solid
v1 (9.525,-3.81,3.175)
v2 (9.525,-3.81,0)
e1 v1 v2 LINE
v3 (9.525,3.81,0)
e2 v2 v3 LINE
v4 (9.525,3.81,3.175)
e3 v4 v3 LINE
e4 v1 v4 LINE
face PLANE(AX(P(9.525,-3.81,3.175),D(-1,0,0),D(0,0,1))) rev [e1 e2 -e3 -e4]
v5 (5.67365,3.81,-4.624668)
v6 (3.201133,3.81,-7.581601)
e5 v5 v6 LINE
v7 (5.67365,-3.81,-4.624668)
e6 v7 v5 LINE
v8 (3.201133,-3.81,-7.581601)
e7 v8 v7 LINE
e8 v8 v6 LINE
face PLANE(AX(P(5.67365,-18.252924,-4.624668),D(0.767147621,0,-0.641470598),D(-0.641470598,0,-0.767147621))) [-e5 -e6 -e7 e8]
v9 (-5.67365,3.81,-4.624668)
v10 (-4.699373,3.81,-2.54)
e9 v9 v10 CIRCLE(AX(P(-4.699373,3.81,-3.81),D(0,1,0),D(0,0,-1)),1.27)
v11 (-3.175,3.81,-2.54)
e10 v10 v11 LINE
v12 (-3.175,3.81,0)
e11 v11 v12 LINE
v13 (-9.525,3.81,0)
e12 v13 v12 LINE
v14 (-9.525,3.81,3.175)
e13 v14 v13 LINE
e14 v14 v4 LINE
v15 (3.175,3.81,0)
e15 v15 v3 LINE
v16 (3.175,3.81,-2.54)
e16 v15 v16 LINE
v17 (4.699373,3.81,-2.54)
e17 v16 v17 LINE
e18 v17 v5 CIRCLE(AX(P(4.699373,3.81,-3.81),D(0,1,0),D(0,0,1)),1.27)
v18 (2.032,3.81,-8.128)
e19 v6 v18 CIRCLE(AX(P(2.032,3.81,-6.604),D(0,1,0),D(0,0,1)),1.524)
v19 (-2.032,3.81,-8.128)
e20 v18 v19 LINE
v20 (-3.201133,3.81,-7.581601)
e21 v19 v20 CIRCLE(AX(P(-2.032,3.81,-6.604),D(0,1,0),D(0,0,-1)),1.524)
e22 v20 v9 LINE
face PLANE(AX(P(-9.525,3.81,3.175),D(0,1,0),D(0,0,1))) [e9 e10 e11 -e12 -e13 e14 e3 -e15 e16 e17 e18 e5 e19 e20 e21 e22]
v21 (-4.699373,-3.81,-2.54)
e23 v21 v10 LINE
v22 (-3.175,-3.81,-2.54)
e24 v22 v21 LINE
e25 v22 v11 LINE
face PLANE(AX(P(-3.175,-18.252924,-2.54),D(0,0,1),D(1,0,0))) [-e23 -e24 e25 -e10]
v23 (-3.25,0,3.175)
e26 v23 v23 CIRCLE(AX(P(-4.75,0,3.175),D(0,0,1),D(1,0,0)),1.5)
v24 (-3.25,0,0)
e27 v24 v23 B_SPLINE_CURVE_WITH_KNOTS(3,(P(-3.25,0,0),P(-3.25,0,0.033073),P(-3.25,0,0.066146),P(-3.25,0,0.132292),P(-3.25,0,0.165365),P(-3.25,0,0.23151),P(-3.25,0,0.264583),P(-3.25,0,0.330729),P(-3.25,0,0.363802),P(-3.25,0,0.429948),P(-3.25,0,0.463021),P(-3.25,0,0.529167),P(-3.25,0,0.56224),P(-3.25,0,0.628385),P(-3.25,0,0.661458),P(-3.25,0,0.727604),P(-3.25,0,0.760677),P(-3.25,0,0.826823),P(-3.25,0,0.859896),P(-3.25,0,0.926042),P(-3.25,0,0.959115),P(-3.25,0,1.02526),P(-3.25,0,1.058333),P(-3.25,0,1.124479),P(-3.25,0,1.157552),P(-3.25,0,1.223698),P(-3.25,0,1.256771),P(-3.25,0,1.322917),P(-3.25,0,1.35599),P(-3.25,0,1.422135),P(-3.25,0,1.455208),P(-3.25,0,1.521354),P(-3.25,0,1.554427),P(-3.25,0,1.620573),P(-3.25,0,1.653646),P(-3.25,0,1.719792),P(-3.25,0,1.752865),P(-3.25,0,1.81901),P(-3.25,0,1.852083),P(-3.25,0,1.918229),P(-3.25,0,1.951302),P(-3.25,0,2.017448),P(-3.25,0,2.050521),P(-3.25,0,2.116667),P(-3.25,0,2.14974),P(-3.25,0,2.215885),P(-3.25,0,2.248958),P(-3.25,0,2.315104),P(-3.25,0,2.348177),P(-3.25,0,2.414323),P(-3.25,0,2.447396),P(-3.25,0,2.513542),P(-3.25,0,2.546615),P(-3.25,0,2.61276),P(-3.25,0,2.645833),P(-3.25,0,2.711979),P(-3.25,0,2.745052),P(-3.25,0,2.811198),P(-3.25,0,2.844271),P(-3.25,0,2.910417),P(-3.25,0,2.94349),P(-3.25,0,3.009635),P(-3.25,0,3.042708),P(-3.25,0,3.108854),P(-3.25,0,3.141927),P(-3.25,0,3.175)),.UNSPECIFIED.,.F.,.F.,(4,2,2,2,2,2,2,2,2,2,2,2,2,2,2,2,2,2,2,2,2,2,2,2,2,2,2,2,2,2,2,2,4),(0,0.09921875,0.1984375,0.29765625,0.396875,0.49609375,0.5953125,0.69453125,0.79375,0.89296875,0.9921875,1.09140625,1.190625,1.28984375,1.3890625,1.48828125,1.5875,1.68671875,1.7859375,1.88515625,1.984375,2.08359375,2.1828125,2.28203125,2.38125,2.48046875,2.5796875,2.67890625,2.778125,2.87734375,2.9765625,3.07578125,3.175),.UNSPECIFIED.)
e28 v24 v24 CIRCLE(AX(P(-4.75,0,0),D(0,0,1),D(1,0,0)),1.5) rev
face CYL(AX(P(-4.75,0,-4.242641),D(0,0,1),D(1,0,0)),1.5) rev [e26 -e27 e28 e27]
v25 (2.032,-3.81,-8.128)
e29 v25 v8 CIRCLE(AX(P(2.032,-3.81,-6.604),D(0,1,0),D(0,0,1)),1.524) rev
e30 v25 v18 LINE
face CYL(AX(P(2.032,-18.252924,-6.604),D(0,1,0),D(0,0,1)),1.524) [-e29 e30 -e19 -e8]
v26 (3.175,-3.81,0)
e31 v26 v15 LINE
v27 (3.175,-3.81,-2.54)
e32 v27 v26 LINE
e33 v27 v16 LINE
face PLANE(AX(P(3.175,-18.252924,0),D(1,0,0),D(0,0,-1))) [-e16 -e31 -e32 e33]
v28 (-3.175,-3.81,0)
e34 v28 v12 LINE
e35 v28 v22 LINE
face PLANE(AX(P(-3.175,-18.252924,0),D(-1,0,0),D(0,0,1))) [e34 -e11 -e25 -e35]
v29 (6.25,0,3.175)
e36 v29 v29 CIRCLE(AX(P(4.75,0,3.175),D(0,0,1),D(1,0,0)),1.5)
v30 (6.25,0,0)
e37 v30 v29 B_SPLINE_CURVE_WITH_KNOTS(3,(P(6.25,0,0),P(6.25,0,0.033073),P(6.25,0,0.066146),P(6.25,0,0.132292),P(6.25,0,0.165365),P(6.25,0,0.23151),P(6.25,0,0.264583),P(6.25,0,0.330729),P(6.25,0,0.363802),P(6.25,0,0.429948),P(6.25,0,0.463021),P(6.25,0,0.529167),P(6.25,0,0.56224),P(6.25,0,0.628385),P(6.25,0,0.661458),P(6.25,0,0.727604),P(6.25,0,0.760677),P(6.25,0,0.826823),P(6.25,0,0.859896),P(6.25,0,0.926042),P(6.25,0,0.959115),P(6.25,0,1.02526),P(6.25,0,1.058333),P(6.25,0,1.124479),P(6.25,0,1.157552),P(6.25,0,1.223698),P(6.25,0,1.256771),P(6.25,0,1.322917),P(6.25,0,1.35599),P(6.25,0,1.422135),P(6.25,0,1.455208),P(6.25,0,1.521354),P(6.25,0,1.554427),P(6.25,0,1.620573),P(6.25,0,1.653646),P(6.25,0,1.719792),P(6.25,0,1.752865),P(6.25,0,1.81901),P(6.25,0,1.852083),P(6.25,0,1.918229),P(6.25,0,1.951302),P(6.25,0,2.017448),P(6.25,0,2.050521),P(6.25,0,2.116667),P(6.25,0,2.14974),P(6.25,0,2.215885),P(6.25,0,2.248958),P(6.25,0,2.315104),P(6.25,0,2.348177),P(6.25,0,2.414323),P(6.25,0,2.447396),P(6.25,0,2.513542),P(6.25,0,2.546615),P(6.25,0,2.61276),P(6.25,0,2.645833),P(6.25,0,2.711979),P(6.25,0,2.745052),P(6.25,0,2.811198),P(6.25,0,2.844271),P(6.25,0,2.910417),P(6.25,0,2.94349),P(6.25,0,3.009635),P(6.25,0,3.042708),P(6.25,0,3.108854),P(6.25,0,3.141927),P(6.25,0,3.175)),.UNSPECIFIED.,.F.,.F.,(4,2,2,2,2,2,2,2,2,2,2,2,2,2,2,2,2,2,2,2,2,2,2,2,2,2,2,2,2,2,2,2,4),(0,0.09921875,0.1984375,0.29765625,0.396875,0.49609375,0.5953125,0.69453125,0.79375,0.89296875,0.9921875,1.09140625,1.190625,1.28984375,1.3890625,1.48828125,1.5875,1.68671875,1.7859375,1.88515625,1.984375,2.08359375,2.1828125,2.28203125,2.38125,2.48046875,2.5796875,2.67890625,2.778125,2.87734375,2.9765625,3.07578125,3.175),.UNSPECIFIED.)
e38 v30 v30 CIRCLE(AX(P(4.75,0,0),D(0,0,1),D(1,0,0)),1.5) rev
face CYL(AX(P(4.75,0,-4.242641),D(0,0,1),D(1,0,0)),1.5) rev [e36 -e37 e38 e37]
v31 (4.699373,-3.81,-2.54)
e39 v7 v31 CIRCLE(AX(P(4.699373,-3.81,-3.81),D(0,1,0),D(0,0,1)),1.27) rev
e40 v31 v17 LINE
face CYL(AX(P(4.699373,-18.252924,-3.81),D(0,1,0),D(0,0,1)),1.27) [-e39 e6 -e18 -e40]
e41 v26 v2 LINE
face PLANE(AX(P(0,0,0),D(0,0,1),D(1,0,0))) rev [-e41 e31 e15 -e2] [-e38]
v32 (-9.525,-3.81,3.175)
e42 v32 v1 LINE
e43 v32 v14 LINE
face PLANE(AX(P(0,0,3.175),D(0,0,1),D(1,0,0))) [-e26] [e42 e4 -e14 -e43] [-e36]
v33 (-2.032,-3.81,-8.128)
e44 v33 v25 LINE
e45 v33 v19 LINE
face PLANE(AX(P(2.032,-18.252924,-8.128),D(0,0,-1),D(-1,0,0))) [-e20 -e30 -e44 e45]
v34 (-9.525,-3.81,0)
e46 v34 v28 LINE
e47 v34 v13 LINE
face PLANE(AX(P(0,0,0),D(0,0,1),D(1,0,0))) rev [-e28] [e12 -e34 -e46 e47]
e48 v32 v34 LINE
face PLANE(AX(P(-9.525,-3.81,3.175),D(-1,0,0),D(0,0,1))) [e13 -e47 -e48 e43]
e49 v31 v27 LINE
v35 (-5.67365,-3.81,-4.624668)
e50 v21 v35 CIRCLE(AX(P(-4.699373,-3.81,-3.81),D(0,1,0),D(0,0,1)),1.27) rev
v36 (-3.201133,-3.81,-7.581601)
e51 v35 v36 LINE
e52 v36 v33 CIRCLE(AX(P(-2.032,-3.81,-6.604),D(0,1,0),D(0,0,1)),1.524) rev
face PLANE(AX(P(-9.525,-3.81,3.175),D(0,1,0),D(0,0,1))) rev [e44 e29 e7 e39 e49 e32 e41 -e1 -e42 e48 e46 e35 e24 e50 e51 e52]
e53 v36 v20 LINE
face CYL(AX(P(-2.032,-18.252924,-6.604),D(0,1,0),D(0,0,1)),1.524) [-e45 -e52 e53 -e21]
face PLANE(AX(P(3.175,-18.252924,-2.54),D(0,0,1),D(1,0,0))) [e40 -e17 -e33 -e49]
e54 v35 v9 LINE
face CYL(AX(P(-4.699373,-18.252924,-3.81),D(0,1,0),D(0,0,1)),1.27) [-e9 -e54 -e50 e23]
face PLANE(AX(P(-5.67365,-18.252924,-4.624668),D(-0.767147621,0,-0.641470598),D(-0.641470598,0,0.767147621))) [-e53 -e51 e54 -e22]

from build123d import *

# Parameters (mm, degrees)
SKETCH1_W           = 19.05
SKETCH1_H           = 7.62
BOSS_EXTRUDE1_DEPTH = 3.175
BOSS_EXTRUDE2_DEPTH = 7.62
SKETCH3_R           = 1.5
CUT_EXTRUDE1_DEPTH  = 3.175


with BuildPart() as part:
    # Sketch1 → Boss-Extrude1 (new body)
    with BuildSketch(Plane.XY):
        Rectangle(SKETCH1_W, SKETCH1_H)
    extrude(amount=BOSS_EXTRUDE1_DEPTH)

    # Sketch2 → Boss-Extrude2 (add)
    with BuildSketch(Plane(origin=(0, 3.81, 0), x_dir=(1, 0, 0), z_dir=(0, 1, 0))):
        with BuildLine():
            Line((3.175, 0), (3.175, 2.54))
            Line((3.175, 2.54), (4.699372999, 2.54))
            ThreePointArc((4.699372999, 2.54), (5.849922417, 3.272286288), (5.673650477, 4.624667659))
            Line((5.673650477, 4.624667659), (3.201132974, 7.581601191))
            ThreePointArc((3.201132974, 7.581601191), (2.677256455, 7.984659302), (2.032, 8.128))
            Line((2.032, 8.128), (-2.032, 8.128))
            ThreePointArc((-2.032, 8.128), (-2.677256455, 7.984659302), (-3.201132974, 7.581601191))
            Line((-3.201132974, 7.581601191), (-5.673650477, 4.624667659))
            ThreePointArc((-5.673650477, 4.624667659), (-5.849922417, 3.272286288), (-4.699372999, 2.54))
            Line((-4.699372999, 2.54), (-3.175, 2.54))
            Line((-3.175, 2.54), (-3.175, 0))
            Line((-3.175, 0), (3.175, 0))
        make_face()
    extrude(amount=-BOSS_EXTRUDE2_DEPTH)

    # Sketch3 → Cut-Extrude1 (cut)
    with BuildSketch(Plane.XY.offset(3.175)):
        with Locations((-4.75, 0)):
            Circle(SKETCH3_R)
        with Locations((4.75, 0)):
            Circle(SKETCH3_R)
    extrude(amount=-CUT_EXTRUDE1_DEPTH, mode=Mode.SUBTRACT)


solid = part.part
